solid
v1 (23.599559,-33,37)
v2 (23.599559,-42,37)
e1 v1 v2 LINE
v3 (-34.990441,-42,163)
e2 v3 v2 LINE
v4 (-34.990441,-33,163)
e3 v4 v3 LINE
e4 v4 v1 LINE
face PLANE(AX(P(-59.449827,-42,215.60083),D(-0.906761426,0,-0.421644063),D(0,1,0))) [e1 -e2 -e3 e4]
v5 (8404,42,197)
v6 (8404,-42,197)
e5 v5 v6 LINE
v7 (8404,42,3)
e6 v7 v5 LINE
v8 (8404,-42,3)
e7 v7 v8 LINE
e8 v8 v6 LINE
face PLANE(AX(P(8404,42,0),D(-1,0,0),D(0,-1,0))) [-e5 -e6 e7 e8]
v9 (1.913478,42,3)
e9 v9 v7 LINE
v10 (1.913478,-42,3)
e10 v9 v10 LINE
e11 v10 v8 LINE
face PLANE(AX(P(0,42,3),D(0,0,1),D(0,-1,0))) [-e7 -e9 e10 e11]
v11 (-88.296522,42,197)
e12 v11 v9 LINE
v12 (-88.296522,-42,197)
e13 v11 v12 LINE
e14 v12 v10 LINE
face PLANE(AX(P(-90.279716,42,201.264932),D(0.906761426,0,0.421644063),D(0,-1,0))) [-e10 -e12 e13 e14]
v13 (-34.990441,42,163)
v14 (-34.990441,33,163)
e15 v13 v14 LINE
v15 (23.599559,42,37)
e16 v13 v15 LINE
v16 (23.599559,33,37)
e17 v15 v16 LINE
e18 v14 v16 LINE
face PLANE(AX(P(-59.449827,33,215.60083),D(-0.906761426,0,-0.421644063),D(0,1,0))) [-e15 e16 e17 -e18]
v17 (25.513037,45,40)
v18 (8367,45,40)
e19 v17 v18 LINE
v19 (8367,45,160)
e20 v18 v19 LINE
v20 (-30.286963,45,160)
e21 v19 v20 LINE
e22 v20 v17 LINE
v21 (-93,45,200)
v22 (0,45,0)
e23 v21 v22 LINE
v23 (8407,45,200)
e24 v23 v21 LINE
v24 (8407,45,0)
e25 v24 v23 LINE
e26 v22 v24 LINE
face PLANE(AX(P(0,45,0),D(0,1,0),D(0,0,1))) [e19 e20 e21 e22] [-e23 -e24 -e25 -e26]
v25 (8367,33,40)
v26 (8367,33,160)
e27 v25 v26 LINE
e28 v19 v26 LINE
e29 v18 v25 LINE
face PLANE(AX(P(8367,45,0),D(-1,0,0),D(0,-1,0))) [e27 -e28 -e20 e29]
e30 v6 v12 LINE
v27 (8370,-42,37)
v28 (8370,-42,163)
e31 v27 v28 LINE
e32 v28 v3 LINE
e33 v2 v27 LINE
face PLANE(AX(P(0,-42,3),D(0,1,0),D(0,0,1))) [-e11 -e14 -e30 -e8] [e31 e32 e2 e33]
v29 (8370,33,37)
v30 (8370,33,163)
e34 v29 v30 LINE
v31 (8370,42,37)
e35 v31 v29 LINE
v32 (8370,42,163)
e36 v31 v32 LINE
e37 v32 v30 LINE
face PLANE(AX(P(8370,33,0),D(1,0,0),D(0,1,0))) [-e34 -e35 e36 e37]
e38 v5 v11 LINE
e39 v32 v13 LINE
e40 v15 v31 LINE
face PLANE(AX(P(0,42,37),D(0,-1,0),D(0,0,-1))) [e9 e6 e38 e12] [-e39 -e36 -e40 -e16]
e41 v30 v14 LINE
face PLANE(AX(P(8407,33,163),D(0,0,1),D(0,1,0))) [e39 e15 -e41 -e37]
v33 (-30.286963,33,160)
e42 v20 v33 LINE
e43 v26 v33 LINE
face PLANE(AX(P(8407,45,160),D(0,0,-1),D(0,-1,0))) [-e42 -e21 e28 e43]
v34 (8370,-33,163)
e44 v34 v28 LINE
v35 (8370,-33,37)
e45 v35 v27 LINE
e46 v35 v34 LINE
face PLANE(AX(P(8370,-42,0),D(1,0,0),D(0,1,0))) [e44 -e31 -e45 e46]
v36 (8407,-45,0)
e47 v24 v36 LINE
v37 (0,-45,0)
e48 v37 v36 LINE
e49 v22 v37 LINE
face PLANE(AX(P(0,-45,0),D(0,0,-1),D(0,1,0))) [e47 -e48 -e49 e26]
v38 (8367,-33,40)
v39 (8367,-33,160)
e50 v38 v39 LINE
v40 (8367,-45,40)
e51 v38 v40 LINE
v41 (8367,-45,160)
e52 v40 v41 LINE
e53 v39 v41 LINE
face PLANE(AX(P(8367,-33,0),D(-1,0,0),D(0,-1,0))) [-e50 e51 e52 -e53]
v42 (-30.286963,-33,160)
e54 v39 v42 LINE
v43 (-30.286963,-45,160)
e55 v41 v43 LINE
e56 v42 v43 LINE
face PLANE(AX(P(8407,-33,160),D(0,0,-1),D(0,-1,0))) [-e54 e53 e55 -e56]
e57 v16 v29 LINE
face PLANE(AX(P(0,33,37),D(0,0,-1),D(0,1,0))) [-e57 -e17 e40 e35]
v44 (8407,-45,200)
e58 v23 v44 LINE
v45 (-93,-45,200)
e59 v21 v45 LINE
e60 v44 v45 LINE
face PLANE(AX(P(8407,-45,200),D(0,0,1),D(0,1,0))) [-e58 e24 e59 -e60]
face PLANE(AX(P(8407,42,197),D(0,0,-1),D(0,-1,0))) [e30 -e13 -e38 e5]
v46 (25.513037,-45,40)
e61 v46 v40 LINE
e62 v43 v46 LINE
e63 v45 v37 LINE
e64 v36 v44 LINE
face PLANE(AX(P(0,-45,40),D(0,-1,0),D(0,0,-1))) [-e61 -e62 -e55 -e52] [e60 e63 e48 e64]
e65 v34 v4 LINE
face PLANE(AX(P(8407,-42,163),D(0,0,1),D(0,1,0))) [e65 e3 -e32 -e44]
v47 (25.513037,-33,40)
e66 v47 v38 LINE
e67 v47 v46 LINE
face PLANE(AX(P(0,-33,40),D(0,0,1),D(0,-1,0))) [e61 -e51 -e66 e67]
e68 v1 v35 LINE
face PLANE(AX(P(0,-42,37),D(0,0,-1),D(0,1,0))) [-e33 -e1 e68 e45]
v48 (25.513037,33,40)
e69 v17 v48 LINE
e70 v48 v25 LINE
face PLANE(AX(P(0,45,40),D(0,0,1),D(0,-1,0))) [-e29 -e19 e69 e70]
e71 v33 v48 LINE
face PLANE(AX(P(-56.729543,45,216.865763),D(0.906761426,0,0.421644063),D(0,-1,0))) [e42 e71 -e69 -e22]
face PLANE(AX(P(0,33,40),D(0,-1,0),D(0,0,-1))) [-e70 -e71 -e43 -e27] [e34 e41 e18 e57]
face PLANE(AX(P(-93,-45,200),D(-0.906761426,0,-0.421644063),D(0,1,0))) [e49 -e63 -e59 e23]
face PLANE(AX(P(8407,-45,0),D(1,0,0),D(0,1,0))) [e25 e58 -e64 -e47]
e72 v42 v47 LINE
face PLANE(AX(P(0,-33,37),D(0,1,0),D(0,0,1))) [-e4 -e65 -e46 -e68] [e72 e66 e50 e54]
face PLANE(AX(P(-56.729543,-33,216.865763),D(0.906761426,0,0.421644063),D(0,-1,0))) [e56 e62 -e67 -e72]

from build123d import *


with BuildPart() as f2:
    # F2: sweep along a path in F0
    with BuildLine(Plane.XZ) as f2_path:
        Line((0, 0), (8407, 0))
        Line((8407, 0), (8407, 200))
        Line((8407, 200), (-93, 200))
        Line((-93, 200), (0, 0))
    # F1 (on Right) → F2 (sweep)
    with BuildSketch(Plane.YZ):
        Polygon((-45, 0), (0, 0), (45, 0), (45, 40), (33, 40), (33, 37), (42, 37), (42, 3), (0, 3), (-42, 3), (-42, 37), (-33, 37), (-33, 40), (-45, 40), align=None)
    sweep(path=f2_path.line, transition=Transition.RIGHT)


solid = f2.part
